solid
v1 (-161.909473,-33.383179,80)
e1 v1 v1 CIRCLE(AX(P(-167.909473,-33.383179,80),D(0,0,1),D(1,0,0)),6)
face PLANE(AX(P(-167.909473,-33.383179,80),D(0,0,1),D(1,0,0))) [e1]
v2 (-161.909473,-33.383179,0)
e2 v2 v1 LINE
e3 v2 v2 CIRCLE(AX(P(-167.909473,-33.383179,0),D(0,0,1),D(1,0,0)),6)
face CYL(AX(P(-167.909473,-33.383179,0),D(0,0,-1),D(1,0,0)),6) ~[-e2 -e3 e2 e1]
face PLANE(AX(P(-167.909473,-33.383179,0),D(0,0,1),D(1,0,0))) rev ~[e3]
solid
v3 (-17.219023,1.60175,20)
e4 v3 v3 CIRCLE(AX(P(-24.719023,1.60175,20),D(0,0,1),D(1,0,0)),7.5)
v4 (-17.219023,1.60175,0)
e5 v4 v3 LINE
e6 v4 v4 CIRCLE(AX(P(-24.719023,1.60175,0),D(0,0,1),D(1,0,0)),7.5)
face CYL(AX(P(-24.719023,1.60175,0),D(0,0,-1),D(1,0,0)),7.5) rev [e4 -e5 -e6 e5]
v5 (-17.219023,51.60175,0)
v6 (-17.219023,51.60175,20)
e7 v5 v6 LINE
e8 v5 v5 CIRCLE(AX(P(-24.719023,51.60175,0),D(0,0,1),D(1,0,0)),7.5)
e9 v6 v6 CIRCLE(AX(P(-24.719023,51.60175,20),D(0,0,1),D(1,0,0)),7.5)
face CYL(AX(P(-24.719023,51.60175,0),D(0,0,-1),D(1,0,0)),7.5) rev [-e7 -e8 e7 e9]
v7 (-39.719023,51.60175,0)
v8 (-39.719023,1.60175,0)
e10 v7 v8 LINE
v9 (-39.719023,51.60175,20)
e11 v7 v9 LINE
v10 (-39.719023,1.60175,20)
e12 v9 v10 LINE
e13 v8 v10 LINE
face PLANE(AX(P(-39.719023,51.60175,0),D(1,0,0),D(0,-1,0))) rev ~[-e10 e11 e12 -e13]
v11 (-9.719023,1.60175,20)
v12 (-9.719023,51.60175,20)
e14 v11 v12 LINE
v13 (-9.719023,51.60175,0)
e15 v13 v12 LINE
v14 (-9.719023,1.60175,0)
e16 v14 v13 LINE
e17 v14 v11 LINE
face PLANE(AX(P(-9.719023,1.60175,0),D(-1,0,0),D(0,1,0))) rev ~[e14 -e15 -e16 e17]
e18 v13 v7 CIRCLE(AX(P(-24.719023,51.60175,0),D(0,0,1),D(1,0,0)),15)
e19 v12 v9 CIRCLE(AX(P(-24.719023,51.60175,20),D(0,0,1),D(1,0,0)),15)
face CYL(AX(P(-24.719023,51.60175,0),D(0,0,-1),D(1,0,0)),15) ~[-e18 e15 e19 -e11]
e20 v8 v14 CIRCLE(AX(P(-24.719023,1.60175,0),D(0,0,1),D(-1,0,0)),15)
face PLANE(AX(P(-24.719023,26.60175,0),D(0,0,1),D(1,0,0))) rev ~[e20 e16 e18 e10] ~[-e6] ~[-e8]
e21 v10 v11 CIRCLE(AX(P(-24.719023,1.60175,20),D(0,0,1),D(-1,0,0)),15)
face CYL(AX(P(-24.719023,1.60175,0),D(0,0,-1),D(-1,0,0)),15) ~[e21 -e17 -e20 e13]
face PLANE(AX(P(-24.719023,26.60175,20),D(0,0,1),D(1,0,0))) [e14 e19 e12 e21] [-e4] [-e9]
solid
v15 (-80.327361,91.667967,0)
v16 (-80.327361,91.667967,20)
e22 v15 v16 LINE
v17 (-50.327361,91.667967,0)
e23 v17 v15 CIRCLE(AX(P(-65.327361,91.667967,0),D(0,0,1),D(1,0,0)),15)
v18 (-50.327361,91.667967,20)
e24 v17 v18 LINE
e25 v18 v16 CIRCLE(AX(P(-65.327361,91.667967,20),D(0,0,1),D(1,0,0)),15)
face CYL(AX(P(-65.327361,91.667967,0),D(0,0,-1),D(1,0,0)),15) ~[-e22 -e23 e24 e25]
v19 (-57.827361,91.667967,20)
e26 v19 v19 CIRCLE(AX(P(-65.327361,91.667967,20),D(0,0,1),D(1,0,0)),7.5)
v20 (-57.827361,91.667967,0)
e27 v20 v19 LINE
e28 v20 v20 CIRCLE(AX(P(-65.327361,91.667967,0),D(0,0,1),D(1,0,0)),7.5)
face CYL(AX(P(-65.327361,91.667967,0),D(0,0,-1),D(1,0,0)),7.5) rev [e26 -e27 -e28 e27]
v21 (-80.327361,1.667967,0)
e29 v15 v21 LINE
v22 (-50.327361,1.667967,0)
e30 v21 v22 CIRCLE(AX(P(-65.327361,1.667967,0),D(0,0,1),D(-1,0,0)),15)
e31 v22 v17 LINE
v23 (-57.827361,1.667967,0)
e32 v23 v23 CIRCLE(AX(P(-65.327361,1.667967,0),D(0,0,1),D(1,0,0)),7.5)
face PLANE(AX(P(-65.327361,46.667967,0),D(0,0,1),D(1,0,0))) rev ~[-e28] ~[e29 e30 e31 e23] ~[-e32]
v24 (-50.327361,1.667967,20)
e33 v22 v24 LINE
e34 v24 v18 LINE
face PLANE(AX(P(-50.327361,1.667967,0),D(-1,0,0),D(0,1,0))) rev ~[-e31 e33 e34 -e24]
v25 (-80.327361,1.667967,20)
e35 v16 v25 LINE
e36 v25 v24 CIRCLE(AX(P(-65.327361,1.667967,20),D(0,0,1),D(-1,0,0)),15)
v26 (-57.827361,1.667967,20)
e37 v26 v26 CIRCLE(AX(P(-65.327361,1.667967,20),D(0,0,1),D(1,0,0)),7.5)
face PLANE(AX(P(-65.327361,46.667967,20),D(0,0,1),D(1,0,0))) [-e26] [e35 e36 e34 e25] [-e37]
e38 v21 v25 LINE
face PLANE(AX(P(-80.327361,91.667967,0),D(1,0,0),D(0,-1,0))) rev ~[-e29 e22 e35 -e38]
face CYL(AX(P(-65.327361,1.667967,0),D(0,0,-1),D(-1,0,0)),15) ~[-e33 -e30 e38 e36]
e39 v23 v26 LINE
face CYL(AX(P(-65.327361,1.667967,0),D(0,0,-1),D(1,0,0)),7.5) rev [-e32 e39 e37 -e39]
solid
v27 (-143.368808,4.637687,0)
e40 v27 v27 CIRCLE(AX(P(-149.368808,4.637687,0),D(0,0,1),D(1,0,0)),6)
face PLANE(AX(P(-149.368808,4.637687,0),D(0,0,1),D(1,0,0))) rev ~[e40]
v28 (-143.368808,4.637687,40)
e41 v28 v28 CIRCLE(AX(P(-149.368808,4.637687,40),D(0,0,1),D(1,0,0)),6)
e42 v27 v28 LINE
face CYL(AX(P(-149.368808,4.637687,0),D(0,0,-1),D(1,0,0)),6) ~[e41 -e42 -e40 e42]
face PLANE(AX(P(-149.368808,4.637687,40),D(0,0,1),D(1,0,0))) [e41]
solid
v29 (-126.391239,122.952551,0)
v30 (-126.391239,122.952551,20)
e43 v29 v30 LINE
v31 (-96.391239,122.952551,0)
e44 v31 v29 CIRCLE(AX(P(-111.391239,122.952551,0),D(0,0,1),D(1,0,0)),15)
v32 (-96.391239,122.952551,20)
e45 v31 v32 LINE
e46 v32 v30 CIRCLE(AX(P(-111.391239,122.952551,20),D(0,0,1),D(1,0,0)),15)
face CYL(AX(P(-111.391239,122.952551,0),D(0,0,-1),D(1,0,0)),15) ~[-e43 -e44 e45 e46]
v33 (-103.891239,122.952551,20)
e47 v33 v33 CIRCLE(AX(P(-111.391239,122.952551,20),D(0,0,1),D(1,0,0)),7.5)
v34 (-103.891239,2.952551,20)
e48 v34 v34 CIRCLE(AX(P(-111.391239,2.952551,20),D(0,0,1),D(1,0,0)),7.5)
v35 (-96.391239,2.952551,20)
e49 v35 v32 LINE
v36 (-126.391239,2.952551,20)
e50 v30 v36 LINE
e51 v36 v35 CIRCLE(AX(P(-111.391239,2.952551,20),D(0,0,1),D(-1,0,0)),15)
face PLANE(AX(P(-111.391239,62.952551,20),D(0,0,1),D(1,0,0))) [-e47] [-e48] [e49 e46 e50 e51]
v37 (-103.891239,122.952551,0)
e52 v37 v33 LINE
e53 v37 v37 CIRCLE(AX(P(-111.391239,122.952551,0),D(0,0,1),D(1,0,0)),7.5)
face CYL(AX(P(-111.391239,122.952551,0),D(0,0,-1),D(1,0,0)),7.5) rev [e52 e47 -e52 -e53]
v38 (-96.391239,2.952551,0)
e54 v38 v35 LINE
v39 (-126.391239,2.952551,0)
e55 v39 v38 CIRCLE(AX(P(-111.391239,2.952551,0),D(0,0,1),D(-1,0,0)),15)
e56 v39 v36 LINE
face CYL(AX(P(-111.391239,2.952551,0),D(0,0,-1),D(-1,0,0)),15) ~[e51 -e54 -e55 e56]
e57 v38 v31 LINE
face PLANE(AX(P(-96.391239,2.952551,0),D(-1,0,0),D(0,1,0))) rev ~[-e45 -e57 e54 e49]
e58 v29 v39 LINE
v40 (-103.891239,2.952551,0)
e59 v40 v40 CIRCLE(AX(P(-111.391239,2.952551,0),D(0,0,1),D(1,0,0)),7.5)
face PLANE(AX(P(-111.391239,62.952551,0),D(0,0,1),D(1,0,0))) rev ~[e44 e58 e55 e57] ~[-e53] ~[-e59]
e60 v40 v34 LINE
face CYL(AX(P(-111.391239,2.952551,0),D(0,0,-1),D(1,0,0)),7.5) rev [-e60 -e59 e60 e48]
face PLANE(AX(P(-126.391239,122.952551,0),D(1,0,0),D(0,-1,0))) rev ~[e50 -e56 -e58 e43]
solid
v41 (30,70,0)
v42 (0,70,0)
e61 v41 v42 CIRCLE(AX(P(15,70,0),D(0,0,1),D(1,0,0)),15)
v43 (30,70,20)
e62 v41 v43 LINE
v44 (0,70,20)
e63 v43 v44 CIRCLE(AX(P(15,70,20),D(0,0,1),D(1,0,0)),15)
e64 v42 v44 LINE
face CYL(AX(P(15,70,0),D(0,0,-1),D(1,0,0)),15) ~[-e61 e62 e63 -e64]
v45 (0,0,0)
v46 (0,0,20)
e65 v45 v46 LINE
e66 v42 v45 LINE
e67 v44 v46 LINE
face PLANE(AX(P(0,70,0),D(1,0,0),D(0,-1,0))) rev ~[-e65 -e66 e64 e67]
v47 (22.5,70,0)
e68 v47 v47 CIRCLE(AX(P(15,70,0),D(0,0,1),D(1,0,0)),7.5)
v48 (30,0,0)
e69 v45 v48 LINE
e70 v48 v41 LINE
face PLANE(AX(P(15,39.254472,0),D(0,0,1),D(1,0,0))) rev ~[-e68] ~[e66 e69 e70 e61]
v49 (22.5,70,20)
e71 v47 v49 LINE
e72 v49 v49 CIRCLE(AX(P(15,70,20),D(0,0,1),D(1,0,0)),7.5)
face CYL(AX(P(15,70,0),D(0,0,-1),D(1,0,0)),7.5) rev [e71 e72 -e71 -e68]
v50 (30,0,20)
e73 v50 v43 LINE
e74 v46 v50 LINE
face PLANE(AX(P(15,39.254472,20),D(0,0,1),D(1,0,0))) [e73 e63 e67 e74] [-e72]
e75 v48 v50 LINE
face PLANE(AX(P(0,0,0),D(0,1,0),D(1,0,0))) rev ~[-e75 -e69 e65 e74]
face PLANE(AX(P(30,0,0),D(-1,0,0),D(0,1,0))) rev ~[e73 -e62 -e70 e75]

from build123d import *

# Parameters (mm, degrees)
F1_R      = 7.5
F2_DEPTH  = 20
F3_R      = 7.5
F4_DEPTH  = 20
F5_R      = 7.5
F6_DEPTH  = 20
F7_R      = 7.5
F8_DEPTH  = 20
F9_R      = 6
F10_DEPTH = 40
F11_R     = 6
F12_DEPTH = 80


with BuildPart() as f2:
    # F1 (on Top) → F2 (new body)
    with BuildSketch(Plane.XY):
        with BuildLine():
            Line((0, 70), (0, 0))
            Line((0, 0), (30, 0))
            Line((30, 0), (30, 70))
            ThreePointArc((30, 70), (15, 85), (0, 70))
        make_face()
        with Locations((15, 70)):
            Circle(F1_R, mode=Mode.SUBTRACT)
    extrude(amount=F2_DEPTH)


with BuildPart() as f4:
    # F3 (on Top) → F4 (new body)
    with BuildSketch(Plane.XY):
        with BuildLine():
            Line((-39.7190231457, 51.6017495219), (-39.7190231457, 1.6017495219))
            ThreePointArc((-39.7190231457, 1.6017495219), (-24.7190231457, -13.3982504781), (-9.7190231457, 1.6017495219))
            Line((-9.7190231457, 1.6017495219), (-9.7190231457, 51.6017495219))
            ThreePointArc((-9.7190231457, 51.6017495219), (-24.7190231457, 66.6017495219), (-39.7190231457, 51.6017495219))
        make_face()
        with Locations((-24.7190231457, 1.6017495219)):
            Circle(F3_R, mode=Mode.SUBTRACT)
        with Locations((-24.7190231457, 51.6017495219)):
            Circle(F3_R, mode=Mode.SUBTRACT)
    extrude(amount=F4_DEPTH)


with BuildPart() as f6:
    # F5 (on Top) → F6 (new body)
    with BuildSketch(Plane.XY):
        with BuildLine():
            Line((-80.3273612261, 91.6679674387), (-80.3273612261, 1.6679674387))
            ThreePointArc((-80.3273612261, 1.6679674387), (-65.3273612261, -13.3320325613), (-50.3273612261, 1.6679674387))
            Line((-50.3273612261, 1.6679674387), (-50.3273612261, 91.6679674387))
            ThreePointArc((-50.3273612261, 91.6679674387), (-65.3273612261, 106.6679674387), (-80.3273612261, 91.6679674387))
        make_face()
        with Locations((-65.3273612261, 1.6679674387)):
            Circle(F5_R, mode=Mode.SUBTRACT)
        with Locations((-65.3273612261, 91.6679674387)):
            Circle(F5_R, mode=Mode.SUBTRACT)
    extrude(amount=F6_DEPTH)


with BuildPart() as f8:
    # F7 (on Top) → F8 (new body)
    with BuildSketch(Plane.XY):
        with BuildLine():
            Line((-126.3912388682, 122.9525510035), (-126.3912388682, 2.9525510035))
            ThreePointArc((-126.3912388682, 2.9525510035), (-111.3912388682, -12.0474489965), (-96.3912388682, 2.9525510035))
            Line((-96.3912388682, 2.9525510035), (-96.3912388682, 122.9525510035))
            ThreePointArc((-96.3912388682, 122.9525510035), (-111.3912388682, 137.9525510035), (-126.3912388682, 122.9525510035))
        make_face()
        with Locations((-111.3912388682, 2.9525510035)):
            Circle(F7_R, mode=Mode.SUBTRACT)
        with Locations((-111.3912388682, 122.9525510035)):
            Circle(F7_R, mode=Mode.SUBTRACT)
    extrude(amount=F8_DEPTH)


with BuildPart() as f10:
    # F9 (on Top) → F10 (new body)
    with BuildSketch(Plane.XY):
        with Locations((-149.3688076735, 4.637687467)):
            Circle(F9_R)
    extrude(amount=F10_DEPTH)


with BuildPart() as f12:
    # F11 (on Top) → F12 (new body)
    with BuildSketch(Plane.XY):
        with Locations((-167.9094731808, -33.383179456)):
            Circle(F11_R)
    extrude(amount=F12_DEPTH)


solid = Compound([f2.part, f4.part, f6.part, f8.part, f10.part, f12.part])
